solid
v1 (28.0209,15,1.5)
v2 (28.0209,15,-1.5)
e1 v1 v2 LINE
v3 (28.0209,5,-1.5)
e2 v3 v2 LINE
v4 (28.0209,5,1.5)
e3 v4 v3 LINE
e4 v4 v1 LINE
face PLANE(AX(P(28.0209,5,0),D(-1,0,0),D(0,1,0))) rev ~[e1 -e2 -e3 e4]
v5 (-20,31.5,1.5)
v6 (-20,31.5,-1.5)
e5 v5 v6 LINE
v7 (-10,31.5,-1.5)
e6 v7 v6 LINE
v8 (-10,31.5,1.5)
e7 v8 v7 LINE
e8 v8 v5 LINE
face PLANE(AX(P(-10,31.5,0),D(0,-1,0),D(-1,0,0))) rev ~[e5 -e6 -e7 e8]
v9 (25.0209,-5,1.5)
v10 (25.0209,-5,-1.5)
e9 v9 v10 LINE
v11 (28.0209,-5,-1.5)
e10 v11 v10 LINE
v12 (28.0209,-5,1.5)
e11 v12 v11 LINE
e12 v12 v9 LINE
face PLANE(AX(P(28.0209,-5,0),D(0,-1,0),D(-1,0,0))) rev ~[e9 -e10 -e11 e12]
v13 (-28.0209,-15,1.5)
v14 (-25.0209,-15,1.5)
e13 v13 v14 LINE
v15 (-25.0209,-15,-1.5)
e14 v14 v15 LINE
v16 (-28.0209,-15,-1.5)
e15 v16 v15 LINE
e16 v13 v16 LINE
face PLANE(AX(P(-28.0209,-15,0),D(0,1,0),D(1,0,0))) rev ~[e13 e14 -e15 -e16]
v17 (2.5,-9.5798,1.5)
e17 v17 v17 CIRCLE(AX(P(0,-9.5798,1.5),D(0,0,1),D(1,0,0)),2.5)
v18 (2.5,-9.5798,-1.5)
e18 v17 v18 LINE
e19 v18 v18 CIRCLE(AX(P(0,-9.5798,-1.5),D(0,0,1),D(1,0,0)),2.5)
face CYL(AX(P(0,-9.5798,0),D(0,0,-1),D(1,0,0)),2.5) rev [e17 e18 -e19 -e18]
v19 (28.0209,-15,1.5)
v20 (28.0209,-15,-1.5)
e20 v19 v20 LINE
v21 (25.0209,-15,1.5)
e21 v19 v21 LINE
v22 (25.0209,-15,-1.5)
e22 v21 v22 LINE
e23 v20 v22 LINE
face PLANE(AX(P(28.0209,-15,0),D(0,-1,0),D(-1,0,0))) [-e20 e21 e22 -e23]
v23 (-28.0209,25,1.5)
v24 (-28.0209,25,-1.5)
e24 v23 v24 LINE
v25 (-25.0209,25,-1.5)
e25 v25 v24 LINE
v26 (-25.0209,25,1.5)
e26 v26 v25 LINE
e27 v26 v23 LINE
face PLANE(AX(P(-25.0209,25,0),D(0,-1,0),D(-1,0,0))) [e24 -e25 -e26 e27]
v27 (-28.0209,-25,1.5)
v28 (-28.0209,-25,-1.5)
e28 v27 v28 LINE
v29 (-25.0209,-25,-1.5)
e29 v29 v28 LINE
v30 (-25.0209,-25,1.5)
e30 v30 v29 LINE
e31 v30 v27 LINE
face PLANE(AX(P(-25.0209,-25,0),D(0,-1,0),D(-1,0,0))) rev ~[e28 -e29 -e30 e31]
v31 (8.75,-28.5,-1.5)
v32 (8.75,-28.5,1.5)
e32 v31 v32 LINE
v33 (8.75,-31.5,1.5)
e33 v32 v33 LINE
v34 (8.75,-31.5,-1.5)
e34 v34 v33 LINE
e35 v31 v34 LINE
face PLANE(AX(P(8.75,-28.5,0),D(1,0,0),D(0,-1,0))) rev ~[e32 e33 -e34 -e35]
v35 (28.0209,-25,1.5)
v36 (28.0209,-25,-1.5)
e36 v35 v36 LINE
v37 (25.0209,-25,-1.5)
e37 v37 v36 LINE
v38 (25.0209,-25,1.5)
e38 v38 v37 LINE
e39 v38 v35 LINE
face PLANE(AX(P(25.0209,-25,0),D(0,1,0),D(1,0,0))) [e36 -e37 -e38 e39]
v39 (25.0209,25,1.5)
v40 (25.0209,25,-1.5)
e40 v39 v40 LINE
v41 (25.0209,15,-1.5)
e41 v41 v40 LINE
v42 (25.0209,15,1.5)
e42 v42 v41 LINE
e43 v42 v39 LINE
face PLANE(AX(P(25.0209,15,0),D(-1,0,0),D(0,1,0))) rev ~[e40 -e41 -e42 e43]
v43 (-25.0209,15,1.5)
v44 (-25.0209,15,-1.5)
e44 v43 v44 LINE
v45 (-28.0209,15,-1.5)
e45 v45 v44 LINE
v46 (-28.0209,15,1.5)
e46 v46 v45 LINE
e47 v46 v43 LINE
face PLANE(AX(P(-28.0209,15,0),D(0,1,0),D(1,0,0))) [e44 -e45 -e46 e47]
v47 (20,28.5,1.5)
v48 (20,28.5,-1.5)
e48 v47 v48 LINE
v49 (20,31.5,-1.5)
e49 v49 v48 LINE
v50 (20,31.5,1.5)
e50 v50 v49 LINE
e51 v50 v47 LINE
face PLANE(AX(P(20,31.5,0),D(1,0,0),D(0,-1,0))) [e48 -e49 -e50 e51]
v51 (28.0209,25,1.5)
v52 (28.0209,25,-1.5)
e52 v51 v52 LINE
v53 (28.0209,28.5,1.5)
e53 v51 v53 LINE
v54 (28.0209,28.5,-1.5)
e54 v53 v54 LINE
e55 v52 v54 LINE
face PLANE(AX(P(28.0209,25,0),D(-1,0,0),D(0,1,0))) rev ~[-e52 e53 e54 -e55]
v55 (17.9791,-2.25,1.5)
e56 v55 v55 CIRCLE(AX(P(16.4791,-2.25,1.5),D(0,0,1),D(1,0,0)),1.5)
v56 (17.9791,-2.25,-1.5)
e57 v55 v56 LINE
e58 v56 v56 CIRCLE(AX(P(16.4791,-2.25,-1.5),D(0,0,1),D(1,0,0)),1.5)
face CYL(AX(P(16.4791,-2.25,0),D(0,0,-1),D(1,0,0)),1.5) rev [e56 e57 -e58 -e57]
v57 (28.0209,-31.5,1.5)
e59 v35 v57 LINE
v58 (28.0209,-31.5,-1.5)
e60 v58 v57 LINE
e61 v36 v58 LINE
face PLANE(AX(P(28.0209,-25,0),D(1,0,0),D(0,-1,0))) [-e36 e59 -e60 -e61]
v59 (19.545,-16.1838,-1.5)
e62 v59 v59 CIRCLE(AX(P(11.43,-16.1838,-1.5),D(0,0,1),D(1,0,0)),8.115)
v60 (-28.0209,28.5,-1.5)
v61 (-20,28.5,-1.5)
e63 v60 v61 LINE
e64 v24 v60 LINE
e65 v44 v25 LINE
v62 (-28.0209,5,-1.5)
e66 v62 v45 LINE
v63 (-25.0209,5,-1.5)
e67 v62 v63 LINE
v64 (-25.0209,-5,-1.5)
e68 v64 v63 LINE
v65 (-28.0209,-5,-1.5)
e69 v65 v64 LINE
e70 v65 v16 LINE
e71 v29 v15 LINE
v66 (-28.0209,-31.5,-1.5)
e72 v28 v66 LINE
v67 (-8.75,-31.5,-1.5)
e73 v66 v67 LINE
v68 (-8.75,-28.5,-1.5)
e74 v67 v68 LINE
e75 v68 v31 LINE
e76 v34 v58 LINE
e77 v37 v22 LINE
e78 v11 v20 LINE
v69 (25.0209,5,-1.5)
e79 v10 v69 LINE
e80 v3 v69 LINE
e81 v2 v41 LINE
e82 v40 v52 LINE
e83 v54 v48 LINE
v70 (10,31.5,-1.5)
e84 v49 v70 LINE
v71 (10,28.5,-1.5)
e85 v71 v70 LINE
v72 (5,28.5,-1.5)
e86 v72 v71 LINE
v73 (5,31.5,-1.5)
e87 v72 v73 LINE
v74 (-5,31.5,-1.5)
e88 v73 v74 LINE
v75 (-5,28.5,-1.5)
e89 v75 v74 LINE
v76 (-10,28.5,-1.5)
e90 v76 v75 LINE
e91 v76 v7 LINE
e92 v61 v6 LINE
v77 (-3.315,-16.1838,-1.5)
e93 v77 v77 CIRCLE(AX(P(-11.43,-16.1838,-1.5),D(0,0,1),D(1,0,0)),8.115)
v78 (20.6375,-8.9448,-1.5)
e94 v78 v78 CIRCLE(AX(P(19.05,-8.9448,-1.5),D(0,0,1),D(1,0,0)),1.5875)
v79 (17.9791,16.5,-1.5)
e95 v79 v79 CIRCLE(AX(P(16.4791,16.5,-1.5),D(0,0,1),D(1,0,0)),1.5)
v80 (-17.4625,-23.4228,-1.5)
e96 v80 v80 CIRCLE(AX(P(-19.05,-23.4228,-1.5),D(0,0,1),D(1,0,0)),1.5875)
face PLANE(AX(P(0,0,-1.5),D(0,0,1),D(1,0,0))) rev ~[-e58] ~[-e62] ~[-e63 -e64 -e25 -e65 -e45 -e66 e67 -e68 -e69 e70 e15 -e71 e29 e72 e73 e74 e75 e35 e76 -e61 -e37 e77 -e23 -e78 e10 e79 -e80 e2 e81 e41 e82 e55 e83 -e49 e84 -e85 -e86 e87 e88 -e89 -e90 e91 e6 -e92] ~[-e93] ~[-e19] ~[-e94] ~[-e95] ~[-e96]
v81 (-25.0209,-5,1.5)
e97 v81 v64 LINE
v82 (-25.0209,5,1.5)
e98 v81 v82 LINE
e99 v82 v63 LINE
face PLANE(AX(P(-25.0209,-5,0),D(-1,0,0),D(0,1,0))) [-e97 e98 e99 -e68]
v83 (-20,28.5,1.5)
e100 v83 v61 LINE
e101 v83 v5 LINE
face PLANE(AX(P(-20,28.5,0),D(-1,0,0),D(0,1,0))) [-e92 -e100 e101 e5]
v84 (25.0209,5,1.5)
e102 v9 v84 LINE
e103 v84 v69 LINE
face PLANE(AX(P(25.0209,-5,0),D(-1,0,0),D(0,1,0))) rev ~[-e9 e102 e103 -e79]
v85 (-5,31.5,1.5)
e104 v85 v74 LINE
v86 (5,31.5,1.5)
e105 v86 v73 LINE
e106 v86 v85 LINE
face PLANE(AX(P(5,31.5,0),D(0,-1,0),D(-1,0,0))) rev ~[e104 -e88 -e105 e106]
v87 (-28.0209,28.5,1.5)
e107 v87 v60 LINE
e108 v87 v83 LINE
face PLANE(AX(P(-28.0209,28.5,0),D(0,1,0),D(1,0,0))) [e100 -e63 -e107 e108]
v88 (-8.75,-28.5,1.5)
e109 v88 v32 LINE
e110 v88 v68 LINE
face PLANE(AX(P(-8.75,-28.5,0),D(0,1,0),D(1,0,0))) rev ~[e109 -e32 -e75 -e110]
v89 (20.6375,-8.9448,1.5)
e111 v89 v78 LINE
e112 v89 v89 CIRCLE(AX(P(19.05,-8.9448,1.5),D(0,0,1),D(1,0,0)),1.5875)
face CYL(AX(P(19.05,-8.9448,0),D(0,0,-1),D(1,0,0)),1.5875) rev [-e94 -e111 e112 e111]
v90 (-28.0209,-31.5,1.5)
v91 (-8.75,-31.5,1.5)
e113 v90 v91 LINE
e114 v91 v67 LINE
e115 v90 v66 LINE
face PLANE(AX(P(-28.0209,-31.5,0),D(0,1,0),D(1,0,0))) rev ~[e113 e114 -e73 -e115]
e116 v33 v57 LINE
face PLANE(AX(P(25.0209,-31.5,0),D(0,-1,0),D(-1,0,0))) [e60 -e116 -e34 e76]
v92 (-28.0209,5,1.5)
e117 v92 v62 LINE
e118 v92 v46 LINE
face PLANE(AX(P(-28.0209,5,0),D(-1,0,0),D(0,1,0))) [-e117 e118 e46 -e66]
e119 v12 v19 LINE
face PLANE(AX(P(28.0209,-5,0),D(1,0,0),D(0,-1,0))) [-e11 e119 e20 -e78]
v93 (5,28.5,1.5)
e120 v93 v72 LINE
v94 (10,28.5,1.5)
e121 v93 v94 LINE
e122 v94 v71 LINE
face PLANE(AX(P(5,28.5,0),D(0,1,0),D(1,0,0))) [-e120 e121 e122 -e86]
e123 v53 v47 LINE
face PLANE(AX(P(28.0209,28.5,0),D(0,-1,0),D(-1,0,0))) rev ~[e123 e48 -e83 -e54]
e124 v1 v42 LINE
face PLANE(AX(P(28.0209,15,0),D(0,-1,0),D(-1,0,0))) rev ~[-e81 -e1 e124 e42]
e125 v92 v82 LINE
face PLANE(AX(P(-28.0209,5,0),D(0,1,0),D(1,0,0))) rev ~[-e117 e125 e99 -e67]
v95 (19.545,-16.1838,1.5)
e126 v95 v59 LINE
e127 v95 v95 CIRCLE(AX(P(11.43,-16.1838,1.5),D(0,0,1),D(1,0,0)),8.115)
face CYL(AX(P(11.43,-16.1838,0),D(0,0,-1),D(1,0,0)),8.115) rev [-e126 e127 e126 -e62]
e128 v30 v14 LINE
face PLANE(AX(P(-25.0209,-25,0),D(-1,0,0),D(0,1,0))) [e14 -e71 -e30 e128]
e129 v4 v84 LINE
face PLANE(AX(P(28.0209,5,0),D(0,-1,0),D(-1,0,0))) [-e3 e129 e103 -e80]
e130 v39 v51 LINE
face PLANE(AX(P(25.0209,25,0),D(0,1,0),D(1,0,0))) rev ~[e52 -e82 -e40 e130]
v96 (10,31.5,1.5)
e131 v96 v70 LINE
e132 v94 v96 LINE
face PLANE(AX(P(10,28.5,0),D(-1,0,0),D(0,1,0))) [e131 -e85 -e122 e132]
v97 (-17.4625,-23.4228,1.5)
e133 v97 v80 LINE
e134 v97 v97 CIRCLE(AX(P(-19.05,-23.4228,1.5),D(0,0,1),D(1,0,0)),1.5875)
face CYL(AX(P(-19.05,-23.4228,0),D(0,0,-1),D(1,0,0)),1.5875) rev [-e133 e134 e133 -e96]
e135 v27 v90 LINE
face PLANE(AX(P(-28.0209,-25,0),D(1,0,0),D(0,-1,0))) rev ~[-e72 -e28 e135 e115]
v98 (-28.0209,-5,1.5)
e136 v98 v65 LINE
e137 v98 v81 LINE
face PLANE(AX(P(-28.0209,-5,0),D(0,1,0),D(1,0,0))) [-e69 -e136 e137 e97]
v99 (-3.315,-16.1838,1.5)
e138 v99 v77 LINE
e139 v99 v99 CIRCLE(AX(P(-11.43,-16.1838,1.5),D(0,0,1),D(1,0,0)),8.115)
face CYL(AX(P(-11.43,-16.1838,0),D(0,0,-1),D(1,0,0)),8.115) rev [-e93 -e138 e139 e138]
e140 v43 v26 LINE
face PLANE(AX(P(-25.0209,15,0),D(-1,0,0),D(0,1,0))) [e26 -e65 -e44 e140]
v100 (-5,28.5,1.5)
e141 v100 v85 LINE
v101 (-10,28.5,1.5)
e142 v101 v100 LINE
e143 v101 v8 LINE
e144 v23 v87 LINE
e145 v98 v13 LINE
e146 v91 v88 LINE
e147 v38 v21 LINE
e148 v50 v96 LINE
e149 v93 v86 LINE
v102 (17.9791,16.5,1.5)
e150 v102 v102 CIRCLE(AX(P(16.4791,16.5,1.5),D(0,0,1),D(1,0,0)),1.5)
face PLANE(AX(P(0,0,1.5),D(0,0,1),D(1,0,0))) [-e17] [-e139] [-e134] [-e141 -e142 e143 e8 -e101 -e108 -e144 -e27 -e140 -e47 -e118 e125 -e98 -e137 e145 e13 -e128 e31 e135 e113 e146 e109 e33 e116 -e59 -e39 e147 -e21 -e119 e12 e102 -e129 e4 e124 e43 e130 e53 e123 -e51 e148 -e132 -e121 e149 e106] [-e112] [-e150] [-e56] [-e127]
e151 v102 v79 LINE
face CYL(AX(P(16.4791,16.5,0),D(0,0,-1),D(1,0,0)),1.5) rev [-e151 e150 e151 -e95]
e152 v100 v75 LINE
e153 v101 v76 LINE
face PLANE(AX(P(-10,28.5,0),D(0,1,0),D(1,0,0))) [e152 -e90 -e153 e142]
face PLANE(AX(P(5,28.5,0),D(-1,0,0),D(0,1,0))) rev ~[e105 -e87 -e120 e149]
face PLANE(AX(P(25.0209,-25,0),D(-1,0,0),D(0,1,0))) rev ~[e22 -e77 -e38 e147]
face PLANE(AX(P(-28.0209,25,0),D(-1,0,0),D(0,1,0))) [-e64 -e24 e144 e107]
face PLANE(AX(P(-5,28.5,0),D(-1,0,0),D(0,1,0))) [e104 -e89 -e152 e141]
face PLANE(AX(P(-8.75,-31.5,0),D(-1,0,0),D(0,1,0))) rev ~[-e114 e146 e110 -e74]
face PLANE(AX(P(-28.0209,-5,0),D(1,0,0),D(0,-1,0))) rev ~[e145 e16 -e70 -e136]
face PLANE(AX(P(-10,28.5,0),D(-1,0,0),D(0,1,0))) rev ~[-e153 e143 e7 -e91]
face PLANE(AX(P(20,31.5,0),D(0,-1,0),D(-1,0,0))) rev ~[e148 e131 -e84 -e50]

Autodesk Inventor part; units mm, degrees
ref_plane "YZ Plane" through (0, 0, 0) normal (1, 0, 0) x (0, 1, 0)
ref_plane "XZ Plane" through (0, 0, 0) normal (0, 1, 0) x (-1, 0, 0)
ref_plane "XY Plane" through (0, 0, 0) normal (0, 0, 1) x (1, 0, 0)
sketch "Sketch1" plane through (0, 0, 0) normal (0, 0, 1) x (1, 0, 0)
  circle A0 centre (16.4791, 16.5) radius 1.5
  circle A1 centre (16.4791, -2.25) radius 1.5
  line L0 (8.75, -28.5) -> (8.75, -31.5)
  line L1 (25.0209, -31.5) -> (8.75, -31.5)
  line L2 (-8.75, -28.5) -> (8.75, -28.5)
  circle A2 centre (11.43, -16.1838) radius 8.115
  circle A3 centre (19.05, -8.9448) radius 1.5875
  circle A4 centre (-19.05, -23.4228) radius 1.5875
  circle A5 centre (0, -9.5798) radius 2.5
  circle A6 centre (-11.43, -16.1838) radius 8.115
  line L3 (0, 8) -> (0, 18) construction
  line L4 (0, 18) -> (8.75, 18) construction
  line L5 (5, 31.5) -> (-5, 31.5)
  line L6 (-5, 28.5) -> (5, 31.5) construction
  line L7 (5, 28.5) -> (-5, 31.5) construction
  line L8 (-5, 28.5) -> (5, 28.5) construction
  line L9 (20, 31.5) -> (10, 31.5)
  line L10 (-10, 31.5) -> (-20, 31.5)
  line L11 (5, 31.5) -> (-5, 31.5)
  line L12 (-10, 28.5) -> (-10, 31.5)
  line L13 (-20, 28.5) -> (-20, 31.5)
  line L14 (10, 28.5) -> (10, 31.5)
  line L15 (20, 31.5) -> (20, 28.5)
  line L16 (-10, 28.5) -> (-5, 28.5)
  line L17 (5, 28.5) -> (10, 28.5)
  line L18 (-28.0209, -5) -> (-28.0209, -15)
  line L19 (-28.0209, -15) -> (-25.0209, -15)
  line L20 (-25.0209, -25) -> (-28.0209, -25)
  line L21 (-28.0209, -25) -> (-28.0209, -31.5)
  line L22 (-28.0209, -5) -> (-25.0209, -5)
  line L23 (-28.0209, 5) -> (-25.0209, 5)
  line L24 (-28.0209, 5) -> (-28.0209, 15)
  line L25 (-28.0209, 15) -> (-25.0209, 15)
  line L26 (-25.0209, 25) -> (-28.0209, 25)
  line L27 (-28.0209, 25) -> (-28.0209, 28.5)
  line L28 (-28.0209, 28.5) -> (-20, 28.5)
  line L29 (-25.0209, 15) -> (-25.0209, 25)
  line L30 (-25.0209, -25) -> (-25.0209, -15)
  line L31 (-25.0209, -5) -> (-25.0209, 5)
  line L32 (28.0209, -5) -> (28.0209, -15)
  line L33 (28.0209, -15) -> (25.0209, -15)
  line L34 (25.0209, -25) -> (28.0209, -25)
  line L35 (28.0209, -25) -> (28.0209, -31.5)
  line L36 (28.0209, -31.5) -> (25.0209, -31.5)
  line L37 (28.0209, -5) -> (25.0209, -5)
  line L38 (28.0209, 5) -> (25.0209, 5)
  line L39 (28.0209, 5) -> (28.0209, 15)
  line L40 (28.0209, 15) -> (25.0209, 15)
  line L41 (25.0209, 25) -> (28.0209, 25)
  line L42 (28.0209, 25) -> (28.0209, 28.5)
  line L43 (28.0209, 28.5) -> (20, 28.5)
  line L44 (25.0209, 15) -> (25.0209, 25)
  line L45 (25.0209, -25) -> (25.0209, -15)
  line L46 (25.0209, -5) -> (25.0209, 5)
  line L47 (-8.75, -31.5) -> (-8.75, -28.5)
  line L48 (-28.0209, -31.5) -> (-8.75, -31.5)
  line L49 (-5, 28.5) -> (-5, 31.5)
  line L50 (5, 28.5) -> (5, 31.5)
  point P0 (0, 0)
  point P1 (0, 30)
  dimension "d2" = 3
  dimension "d5" = 15
  dimension "d8" = 15
  dimension "d12" = 5
  dimension "d13" = 10
  dimension "d16" = 3
  dimension "d17" = 3
extrude "Extrusion2" add sketch "Sketch1" along normal mid plane 3
properties part number "srfdiagkiri"
